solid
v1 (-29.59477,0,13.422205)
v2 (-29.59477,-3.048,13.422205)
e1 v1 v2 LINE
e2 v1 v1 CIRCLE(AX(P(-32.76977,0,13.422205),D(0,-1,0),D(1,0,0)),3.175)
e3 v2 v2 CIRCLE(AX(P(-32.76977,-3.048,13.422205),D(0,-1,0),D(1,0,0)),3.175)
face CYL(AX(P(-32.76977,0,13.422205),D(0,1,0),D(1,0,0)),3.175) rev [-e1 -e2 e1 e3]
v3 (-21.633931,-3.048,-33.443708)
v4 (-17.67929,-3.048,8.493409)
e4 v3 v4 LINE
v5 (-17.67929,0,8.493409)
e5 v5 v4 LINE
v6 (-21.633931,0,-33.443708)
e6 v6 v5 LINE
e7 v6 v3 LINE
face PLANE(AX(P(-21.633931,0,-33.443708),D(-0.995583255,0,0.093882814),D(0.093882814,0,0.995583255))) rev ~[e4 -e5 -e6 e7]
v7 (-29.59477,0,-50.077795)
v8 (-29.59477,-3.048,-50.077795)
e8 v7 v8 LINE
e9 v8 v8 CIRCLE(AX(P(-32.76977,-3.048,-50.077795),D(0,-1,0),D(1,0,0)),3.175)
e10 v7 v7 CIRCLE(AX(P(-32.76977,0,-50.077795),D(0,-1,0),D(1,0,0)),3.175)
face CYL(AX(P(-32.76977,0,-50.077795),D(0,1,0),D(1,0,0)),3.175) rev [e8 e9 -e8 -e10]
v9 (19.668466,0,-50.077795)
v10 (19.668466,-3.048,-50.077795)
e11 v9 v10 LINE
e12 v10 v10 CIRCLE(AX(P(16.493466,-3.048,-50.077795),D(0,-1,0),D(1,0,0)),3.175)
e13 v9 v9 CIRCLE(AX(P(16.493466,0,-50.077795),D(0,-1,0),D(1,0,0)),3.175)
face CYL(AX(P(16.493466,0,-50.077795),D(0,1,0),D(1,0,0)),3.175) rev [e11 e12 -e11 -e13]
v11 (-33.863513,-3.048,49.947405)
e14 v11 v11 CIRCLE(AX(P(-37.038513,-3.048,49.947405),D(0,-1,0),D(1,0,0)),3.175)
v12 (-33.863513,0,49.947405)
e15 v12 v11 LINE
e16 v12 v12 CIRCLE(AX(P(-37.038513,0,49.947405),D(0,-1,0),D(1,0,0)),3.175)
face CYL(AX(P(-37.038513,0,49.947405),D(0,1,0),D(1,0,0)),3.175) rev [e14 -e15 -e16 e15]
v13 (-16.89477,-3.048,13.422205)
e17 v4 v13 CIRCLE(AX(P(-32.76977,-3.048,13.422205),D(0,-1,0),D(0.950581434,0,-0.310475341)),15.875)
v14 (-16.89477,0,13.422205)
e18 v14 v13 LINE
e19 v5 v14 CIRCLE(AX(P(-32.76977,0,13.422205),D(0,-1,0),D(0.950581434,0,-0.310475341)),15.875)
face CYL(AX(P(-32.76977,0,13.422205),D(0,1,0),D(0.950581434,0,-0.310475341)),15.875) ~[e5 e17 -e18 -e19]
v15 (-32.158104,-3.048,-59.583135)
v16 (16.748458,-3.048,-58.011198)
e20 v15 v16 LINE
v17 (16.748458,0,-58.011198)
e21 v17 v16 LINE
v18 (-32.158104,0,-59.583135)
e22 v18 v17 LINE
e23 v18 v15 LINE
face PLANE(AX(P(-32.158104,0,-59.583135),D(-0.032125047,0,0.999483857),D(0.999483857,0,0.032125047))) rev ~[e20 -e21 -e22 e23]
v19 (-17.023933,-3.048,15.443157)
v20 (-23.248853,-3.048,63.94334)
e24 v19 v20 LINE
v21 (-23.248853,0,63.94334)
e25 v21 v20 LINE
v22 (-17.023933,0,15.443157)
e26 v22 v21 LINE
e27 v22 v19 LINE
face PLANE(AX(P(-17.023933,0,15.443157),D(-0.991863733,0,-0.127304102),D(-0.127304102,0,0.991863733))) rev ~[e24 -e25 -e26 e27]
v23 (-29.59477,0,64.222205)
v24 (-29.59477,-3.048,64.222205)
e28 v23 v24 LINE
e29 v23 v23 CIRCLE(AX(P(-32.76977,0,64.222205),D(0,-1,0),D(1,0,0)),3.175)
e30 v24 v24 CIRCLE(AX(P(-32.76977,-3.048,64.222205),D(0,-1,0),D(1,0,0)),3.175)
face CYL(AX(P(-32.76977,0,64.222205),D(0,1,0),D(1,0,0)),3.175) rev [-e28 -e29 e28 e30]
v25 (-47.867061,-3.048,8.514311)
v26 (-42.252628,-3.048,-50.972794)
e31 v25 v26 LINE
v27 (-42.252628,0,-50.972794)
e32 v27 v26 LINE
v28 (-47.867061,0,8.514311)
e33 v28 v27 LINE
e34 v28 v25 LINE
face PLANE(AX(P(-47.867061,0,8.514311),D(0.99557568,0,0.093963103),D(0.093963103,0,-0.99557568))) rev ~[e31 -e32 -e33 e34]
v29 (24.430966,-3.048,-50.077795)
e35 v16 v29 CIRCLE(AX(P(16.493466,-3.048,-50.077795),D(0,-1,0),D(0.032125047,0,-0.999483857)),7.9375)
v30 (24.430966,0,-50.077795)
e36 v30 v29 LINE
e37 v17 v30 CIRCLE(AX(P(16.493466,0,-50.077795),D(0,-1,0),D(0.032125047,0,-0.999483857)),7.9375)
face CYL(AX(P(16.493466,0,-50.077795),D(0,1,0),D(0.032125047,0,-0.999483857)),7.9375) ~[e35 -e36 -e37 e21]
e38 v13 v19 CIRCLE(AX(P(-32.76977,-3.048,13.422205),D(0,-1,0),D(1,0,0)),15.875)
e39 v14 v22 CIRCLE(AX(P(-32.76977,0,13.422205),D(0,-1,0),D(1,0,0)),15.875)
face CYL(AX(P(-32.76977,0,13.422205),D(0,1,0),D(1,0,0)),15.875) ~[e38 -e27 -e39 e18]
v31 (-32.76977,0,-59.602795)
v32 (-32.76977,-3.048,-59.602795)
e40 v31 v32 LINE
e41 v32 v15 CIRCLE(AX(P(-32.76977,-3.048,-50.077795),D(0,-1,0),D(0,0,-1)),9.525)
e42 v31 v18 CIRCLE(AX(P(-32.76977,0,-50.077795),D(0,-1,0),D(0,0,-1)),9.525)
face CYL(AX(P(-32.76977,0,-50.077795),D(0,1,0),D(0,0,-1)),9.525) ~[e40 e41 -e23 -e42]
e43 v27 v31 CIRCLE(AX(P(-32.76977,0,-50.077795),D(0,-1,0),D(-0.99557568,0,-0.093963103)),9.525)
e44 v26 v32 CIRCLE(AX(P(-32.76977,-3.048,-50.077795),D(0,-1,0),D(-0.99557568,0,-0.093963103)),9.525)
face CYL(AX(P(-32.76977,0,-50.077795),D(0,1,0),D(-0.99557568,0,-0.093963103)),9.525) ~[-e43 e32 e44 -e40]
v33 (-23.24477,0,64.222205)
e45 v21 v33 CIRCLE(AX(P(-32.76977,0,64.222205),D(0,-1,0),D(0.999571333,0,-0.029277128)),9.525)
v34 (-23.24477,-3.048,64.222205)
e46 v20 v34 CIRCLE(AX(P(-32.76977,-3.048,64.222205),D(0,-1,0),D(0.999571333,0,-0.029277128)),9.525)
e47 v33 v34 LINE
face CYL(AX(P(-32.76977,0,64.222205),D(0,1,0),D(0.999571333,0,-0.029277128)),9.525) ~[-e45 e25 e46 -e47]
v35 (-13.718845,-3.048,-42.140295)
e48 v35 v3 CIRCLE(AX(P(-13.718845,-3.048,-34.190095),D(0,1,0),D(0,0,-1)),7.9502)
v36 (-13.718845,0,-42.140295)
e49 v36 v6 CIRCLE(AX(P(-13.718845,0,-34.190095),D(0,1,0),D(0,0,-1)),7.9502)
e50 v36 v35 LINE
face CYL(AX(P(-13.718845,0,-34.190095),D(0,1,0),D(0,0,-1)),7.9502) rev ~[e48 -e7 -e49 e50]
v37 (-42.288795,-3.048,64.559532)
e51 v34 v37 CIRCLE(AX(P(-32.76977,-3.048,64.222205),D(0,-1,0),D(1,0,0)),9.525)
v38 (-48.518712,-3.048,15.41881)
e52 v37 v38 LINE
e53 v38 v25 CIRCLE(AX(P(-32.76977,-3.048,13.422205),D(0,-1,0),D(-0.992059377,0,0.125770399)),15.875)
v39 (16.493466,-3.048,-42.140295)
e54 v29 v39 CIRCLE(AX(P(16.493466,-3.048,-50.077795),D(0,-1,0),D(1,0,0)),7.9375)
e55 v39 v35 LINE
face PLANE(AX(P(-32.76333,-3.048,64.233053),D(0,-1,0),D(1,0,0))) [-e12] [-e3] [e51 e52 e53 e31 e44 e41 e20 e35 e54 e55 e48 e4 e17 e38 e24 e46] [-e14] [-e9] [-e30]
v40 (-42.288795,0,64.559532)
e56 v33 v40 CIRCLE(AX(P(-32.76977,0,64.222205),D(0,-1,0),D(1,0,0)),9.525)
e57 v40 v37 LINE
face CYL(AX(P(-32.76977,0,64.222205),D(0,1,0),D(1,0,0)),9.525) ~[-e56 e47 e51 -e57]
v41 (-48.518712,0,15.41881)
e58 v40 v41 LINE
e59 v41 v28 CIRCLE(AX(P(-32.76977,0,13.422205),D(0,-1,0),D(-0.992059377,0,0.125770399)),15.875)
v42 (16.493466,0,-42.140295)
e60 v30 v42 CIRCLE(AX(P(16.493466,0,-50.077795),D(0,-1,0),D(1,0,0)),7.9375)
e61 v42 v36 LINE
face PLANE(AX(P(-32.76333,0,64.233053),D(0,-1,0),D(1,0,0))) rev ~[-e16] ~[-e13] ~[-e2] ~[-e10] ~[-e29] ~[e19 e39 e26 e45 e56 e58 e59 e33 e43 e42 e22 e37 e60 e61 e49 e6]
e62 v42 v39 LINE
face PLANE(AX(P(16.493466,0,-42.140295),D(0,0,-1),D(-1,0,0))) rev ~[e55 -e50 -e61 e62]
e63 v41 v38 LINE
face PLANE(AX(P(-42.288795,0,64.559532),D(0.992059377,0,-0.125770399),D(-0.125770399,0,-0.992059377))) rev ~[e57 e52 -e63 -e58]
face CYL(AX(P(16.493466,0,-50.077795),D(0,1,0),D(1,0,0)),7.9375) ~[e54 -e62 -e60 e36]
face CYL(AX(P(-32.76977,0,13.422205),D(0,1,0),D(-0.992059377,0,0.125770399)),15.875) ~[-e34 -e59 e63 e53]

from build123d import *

# Parameters (mm, degrees)
F0_R     = 3.175
F1_DEPTH = 3.048


with BuildPart() as f1:
    # F0 (on Front) → F1 (new body)
    with BuildSketch(Plane.XZ):
        with BuildLine():
            ThreePointArc((-23.2488528316, 63.9433400749), (-23.2457905964, 64.0827574545), (-23.2447697784, 64.222204724))
            ThreePointArc((-23.2447697784, 64.222204724), (-32.6010796562, 73.7457108348), (-42.2887946902, 64.5595320539))
            ThreePointArc((-42.2887946902, 64.5595320539), (-33.0778672203, 54.7021889169), (-23.2488528316, 63.9433400749))
        make_face()
        with Locations((-32.7697697784, 64.222204724)):
            Circle(F0_R, mode=Mode.SUBTRACT)
        with BuildLine():
            ThreePointArc((-23.2488528316, 63.9433400749), (-33.0778672203, 54.7021889169), (-42.2887946902, 64.5595320539))
            Line((-42.2887946902, 64.5595320539), (-48.5187123814, 15.4188098138))
            ThreePointArc((-48.5187123814, 15.4188098138), (-32.7820421912, 29.2971999803), (-17.023933011, 15.4431573445))
            Line((-17.023933011, 15.4431573445), (-23.2488528316, 63.9433400749))
        make_face()
        with Locations((-37.0385125279, 49.947404724)):
            Circle(F0_R, mode=Mode.SUBTRACT)
        with BuildLine():
            Line((-47.8670611639, 8.5143113042), (-48.5187123814, 15.4188098138))
            ThreePointArc((-48.5187123814, 15.4188098138), (-48.5745337038, 11.9305404647), (-47.8670611639, 8.5143113042))
        make_face()
        with BuildLine():
            ThreePointArc((-17.023933011, 15.4431573445), (-32.7820421912, 29.2971999803), (-48.5187123814, 15.4188098138))
            Line((-48.5187123814, 15.4188098138), (-47.8670611639, 8.5143113042))
            ThreePointArc((-47.8670611639, 8.5143113042), (-32.7807619476, -2.4527914704), (-17.6792895161, 8.4934086789))
            Line((-17.6792895161, 8.4934086789), (-17.023933011, 15.4431573445))
        make_face()
        with Locations((-32.7697697784, 13.422204724)):
            Circle(F0_R, mode=Mode.SUBTRACT)
        with BuildLine():
            ThreePointArc((-16.8947697784, 13.422204724), (-16.9270934943, 14.4347427029), (-17.023933011, 15.4431573445))
            Line((-17.023933011, 15.4431573445), (-17.6792895161, 8.4934086789))
            ThreePointArc((-17.6792895161, 8.4934086789), (-17.0921264739, 10.926783834), (-16.8947697784, 13.422204724))
        make_face()
        with BuildLine():
            ThreePointArc((-17.6792895161, 8.4934086789), (-32.7807619476, -2.4527914704), (-47.8670611639, 8.5143113042))
            Line((-47.8670611639, 8.5143113042), (-42.2526281336, -50.9727938316))
            ThreePointArc((-42.2526281336, -50.9727938316), (-33.2177648488, -40.5633365202), (-23.2447697784, -50.077795276))
            ThreePointArc((-23.2447697784, -50.077795276), (-25.8216856464, -56.5931426878), (-32.1581035098, -59.5831353213))
            Line((-32.1581035098, -59.5831353213), (16.7484584113, -58.0111983949))
            ThreePointArc((16.7484584113, -58.0111983949), (8.5569901399, -50.2053080097), (16.4934658536, -42.140295276))
            Line((16.4934658536, -42.140295276), (-13.7188447097, -42.140295276))
            ThreePointArc((-13.7188447097, -42.140295276), (-19.5984538444, -39.5413452668), (-21.6339307019, -33.4437081269))
            Line((-21.6339307019, -33.4437081269), (-17.6792895161, 8.4934086789))
        make_face()
        with BuildLine():
            ThreePointArc((-23.2447697784, -50.077795276), (-33.2177648488, -40.5633365202), (-42.2526281336, -50.9727938316))
            ThreePointArc((-42.2526281336, -50.9727938316), (-39.1807277317, -57.1223139339), (-32.7697697784, -59.602795276))
            Line((-32.7697697784, -59.602795276), (-32.1581035098, -59.5831353213))
            ThreePointArc((-32.1581035098, -59.5831353213), (-25.8216856464, -56.5931426878), (-23.2447697784, -50.077795276))
        make_face()
        with Locations((-32.7697697784, -50.077795276)):
            Circle(F0_R, mode=Mode.SUBTRACT)
        with BuildLine():
            Line((-32.1581035098, -59.5831353213), (-32.7697697784, -59.602795276))
            ThreePointArc((-32.7697697784, -59.602795276), (-32.4637787091, -59.5978790186), (-32.1581035098, -59.5831353213))
        make_face()
        with BuildLine():
            ThreePointArc((24.4309658536, -50.077795276), (22.1061259292, -44.4651352004), (16.4934658536, -42.140295276))
            ThreePointArc((16.4934658536, -42.140295276), (8.5569901399, -50.2053080097), (16.7484584113, -58.0111983949))
            ThreePointArc((16.7484584113, -58.0111983949), (22.195566768, -55.5995659532), (24.4309658536, -50.077795276))
        make_face()
        with Locations((16.4934658536, -50.077795276)):
            Circle(F0_R, mode=Mode.SUBTRACT)
    extrude(amount=F1_DEPTH)


solid = f1.part
